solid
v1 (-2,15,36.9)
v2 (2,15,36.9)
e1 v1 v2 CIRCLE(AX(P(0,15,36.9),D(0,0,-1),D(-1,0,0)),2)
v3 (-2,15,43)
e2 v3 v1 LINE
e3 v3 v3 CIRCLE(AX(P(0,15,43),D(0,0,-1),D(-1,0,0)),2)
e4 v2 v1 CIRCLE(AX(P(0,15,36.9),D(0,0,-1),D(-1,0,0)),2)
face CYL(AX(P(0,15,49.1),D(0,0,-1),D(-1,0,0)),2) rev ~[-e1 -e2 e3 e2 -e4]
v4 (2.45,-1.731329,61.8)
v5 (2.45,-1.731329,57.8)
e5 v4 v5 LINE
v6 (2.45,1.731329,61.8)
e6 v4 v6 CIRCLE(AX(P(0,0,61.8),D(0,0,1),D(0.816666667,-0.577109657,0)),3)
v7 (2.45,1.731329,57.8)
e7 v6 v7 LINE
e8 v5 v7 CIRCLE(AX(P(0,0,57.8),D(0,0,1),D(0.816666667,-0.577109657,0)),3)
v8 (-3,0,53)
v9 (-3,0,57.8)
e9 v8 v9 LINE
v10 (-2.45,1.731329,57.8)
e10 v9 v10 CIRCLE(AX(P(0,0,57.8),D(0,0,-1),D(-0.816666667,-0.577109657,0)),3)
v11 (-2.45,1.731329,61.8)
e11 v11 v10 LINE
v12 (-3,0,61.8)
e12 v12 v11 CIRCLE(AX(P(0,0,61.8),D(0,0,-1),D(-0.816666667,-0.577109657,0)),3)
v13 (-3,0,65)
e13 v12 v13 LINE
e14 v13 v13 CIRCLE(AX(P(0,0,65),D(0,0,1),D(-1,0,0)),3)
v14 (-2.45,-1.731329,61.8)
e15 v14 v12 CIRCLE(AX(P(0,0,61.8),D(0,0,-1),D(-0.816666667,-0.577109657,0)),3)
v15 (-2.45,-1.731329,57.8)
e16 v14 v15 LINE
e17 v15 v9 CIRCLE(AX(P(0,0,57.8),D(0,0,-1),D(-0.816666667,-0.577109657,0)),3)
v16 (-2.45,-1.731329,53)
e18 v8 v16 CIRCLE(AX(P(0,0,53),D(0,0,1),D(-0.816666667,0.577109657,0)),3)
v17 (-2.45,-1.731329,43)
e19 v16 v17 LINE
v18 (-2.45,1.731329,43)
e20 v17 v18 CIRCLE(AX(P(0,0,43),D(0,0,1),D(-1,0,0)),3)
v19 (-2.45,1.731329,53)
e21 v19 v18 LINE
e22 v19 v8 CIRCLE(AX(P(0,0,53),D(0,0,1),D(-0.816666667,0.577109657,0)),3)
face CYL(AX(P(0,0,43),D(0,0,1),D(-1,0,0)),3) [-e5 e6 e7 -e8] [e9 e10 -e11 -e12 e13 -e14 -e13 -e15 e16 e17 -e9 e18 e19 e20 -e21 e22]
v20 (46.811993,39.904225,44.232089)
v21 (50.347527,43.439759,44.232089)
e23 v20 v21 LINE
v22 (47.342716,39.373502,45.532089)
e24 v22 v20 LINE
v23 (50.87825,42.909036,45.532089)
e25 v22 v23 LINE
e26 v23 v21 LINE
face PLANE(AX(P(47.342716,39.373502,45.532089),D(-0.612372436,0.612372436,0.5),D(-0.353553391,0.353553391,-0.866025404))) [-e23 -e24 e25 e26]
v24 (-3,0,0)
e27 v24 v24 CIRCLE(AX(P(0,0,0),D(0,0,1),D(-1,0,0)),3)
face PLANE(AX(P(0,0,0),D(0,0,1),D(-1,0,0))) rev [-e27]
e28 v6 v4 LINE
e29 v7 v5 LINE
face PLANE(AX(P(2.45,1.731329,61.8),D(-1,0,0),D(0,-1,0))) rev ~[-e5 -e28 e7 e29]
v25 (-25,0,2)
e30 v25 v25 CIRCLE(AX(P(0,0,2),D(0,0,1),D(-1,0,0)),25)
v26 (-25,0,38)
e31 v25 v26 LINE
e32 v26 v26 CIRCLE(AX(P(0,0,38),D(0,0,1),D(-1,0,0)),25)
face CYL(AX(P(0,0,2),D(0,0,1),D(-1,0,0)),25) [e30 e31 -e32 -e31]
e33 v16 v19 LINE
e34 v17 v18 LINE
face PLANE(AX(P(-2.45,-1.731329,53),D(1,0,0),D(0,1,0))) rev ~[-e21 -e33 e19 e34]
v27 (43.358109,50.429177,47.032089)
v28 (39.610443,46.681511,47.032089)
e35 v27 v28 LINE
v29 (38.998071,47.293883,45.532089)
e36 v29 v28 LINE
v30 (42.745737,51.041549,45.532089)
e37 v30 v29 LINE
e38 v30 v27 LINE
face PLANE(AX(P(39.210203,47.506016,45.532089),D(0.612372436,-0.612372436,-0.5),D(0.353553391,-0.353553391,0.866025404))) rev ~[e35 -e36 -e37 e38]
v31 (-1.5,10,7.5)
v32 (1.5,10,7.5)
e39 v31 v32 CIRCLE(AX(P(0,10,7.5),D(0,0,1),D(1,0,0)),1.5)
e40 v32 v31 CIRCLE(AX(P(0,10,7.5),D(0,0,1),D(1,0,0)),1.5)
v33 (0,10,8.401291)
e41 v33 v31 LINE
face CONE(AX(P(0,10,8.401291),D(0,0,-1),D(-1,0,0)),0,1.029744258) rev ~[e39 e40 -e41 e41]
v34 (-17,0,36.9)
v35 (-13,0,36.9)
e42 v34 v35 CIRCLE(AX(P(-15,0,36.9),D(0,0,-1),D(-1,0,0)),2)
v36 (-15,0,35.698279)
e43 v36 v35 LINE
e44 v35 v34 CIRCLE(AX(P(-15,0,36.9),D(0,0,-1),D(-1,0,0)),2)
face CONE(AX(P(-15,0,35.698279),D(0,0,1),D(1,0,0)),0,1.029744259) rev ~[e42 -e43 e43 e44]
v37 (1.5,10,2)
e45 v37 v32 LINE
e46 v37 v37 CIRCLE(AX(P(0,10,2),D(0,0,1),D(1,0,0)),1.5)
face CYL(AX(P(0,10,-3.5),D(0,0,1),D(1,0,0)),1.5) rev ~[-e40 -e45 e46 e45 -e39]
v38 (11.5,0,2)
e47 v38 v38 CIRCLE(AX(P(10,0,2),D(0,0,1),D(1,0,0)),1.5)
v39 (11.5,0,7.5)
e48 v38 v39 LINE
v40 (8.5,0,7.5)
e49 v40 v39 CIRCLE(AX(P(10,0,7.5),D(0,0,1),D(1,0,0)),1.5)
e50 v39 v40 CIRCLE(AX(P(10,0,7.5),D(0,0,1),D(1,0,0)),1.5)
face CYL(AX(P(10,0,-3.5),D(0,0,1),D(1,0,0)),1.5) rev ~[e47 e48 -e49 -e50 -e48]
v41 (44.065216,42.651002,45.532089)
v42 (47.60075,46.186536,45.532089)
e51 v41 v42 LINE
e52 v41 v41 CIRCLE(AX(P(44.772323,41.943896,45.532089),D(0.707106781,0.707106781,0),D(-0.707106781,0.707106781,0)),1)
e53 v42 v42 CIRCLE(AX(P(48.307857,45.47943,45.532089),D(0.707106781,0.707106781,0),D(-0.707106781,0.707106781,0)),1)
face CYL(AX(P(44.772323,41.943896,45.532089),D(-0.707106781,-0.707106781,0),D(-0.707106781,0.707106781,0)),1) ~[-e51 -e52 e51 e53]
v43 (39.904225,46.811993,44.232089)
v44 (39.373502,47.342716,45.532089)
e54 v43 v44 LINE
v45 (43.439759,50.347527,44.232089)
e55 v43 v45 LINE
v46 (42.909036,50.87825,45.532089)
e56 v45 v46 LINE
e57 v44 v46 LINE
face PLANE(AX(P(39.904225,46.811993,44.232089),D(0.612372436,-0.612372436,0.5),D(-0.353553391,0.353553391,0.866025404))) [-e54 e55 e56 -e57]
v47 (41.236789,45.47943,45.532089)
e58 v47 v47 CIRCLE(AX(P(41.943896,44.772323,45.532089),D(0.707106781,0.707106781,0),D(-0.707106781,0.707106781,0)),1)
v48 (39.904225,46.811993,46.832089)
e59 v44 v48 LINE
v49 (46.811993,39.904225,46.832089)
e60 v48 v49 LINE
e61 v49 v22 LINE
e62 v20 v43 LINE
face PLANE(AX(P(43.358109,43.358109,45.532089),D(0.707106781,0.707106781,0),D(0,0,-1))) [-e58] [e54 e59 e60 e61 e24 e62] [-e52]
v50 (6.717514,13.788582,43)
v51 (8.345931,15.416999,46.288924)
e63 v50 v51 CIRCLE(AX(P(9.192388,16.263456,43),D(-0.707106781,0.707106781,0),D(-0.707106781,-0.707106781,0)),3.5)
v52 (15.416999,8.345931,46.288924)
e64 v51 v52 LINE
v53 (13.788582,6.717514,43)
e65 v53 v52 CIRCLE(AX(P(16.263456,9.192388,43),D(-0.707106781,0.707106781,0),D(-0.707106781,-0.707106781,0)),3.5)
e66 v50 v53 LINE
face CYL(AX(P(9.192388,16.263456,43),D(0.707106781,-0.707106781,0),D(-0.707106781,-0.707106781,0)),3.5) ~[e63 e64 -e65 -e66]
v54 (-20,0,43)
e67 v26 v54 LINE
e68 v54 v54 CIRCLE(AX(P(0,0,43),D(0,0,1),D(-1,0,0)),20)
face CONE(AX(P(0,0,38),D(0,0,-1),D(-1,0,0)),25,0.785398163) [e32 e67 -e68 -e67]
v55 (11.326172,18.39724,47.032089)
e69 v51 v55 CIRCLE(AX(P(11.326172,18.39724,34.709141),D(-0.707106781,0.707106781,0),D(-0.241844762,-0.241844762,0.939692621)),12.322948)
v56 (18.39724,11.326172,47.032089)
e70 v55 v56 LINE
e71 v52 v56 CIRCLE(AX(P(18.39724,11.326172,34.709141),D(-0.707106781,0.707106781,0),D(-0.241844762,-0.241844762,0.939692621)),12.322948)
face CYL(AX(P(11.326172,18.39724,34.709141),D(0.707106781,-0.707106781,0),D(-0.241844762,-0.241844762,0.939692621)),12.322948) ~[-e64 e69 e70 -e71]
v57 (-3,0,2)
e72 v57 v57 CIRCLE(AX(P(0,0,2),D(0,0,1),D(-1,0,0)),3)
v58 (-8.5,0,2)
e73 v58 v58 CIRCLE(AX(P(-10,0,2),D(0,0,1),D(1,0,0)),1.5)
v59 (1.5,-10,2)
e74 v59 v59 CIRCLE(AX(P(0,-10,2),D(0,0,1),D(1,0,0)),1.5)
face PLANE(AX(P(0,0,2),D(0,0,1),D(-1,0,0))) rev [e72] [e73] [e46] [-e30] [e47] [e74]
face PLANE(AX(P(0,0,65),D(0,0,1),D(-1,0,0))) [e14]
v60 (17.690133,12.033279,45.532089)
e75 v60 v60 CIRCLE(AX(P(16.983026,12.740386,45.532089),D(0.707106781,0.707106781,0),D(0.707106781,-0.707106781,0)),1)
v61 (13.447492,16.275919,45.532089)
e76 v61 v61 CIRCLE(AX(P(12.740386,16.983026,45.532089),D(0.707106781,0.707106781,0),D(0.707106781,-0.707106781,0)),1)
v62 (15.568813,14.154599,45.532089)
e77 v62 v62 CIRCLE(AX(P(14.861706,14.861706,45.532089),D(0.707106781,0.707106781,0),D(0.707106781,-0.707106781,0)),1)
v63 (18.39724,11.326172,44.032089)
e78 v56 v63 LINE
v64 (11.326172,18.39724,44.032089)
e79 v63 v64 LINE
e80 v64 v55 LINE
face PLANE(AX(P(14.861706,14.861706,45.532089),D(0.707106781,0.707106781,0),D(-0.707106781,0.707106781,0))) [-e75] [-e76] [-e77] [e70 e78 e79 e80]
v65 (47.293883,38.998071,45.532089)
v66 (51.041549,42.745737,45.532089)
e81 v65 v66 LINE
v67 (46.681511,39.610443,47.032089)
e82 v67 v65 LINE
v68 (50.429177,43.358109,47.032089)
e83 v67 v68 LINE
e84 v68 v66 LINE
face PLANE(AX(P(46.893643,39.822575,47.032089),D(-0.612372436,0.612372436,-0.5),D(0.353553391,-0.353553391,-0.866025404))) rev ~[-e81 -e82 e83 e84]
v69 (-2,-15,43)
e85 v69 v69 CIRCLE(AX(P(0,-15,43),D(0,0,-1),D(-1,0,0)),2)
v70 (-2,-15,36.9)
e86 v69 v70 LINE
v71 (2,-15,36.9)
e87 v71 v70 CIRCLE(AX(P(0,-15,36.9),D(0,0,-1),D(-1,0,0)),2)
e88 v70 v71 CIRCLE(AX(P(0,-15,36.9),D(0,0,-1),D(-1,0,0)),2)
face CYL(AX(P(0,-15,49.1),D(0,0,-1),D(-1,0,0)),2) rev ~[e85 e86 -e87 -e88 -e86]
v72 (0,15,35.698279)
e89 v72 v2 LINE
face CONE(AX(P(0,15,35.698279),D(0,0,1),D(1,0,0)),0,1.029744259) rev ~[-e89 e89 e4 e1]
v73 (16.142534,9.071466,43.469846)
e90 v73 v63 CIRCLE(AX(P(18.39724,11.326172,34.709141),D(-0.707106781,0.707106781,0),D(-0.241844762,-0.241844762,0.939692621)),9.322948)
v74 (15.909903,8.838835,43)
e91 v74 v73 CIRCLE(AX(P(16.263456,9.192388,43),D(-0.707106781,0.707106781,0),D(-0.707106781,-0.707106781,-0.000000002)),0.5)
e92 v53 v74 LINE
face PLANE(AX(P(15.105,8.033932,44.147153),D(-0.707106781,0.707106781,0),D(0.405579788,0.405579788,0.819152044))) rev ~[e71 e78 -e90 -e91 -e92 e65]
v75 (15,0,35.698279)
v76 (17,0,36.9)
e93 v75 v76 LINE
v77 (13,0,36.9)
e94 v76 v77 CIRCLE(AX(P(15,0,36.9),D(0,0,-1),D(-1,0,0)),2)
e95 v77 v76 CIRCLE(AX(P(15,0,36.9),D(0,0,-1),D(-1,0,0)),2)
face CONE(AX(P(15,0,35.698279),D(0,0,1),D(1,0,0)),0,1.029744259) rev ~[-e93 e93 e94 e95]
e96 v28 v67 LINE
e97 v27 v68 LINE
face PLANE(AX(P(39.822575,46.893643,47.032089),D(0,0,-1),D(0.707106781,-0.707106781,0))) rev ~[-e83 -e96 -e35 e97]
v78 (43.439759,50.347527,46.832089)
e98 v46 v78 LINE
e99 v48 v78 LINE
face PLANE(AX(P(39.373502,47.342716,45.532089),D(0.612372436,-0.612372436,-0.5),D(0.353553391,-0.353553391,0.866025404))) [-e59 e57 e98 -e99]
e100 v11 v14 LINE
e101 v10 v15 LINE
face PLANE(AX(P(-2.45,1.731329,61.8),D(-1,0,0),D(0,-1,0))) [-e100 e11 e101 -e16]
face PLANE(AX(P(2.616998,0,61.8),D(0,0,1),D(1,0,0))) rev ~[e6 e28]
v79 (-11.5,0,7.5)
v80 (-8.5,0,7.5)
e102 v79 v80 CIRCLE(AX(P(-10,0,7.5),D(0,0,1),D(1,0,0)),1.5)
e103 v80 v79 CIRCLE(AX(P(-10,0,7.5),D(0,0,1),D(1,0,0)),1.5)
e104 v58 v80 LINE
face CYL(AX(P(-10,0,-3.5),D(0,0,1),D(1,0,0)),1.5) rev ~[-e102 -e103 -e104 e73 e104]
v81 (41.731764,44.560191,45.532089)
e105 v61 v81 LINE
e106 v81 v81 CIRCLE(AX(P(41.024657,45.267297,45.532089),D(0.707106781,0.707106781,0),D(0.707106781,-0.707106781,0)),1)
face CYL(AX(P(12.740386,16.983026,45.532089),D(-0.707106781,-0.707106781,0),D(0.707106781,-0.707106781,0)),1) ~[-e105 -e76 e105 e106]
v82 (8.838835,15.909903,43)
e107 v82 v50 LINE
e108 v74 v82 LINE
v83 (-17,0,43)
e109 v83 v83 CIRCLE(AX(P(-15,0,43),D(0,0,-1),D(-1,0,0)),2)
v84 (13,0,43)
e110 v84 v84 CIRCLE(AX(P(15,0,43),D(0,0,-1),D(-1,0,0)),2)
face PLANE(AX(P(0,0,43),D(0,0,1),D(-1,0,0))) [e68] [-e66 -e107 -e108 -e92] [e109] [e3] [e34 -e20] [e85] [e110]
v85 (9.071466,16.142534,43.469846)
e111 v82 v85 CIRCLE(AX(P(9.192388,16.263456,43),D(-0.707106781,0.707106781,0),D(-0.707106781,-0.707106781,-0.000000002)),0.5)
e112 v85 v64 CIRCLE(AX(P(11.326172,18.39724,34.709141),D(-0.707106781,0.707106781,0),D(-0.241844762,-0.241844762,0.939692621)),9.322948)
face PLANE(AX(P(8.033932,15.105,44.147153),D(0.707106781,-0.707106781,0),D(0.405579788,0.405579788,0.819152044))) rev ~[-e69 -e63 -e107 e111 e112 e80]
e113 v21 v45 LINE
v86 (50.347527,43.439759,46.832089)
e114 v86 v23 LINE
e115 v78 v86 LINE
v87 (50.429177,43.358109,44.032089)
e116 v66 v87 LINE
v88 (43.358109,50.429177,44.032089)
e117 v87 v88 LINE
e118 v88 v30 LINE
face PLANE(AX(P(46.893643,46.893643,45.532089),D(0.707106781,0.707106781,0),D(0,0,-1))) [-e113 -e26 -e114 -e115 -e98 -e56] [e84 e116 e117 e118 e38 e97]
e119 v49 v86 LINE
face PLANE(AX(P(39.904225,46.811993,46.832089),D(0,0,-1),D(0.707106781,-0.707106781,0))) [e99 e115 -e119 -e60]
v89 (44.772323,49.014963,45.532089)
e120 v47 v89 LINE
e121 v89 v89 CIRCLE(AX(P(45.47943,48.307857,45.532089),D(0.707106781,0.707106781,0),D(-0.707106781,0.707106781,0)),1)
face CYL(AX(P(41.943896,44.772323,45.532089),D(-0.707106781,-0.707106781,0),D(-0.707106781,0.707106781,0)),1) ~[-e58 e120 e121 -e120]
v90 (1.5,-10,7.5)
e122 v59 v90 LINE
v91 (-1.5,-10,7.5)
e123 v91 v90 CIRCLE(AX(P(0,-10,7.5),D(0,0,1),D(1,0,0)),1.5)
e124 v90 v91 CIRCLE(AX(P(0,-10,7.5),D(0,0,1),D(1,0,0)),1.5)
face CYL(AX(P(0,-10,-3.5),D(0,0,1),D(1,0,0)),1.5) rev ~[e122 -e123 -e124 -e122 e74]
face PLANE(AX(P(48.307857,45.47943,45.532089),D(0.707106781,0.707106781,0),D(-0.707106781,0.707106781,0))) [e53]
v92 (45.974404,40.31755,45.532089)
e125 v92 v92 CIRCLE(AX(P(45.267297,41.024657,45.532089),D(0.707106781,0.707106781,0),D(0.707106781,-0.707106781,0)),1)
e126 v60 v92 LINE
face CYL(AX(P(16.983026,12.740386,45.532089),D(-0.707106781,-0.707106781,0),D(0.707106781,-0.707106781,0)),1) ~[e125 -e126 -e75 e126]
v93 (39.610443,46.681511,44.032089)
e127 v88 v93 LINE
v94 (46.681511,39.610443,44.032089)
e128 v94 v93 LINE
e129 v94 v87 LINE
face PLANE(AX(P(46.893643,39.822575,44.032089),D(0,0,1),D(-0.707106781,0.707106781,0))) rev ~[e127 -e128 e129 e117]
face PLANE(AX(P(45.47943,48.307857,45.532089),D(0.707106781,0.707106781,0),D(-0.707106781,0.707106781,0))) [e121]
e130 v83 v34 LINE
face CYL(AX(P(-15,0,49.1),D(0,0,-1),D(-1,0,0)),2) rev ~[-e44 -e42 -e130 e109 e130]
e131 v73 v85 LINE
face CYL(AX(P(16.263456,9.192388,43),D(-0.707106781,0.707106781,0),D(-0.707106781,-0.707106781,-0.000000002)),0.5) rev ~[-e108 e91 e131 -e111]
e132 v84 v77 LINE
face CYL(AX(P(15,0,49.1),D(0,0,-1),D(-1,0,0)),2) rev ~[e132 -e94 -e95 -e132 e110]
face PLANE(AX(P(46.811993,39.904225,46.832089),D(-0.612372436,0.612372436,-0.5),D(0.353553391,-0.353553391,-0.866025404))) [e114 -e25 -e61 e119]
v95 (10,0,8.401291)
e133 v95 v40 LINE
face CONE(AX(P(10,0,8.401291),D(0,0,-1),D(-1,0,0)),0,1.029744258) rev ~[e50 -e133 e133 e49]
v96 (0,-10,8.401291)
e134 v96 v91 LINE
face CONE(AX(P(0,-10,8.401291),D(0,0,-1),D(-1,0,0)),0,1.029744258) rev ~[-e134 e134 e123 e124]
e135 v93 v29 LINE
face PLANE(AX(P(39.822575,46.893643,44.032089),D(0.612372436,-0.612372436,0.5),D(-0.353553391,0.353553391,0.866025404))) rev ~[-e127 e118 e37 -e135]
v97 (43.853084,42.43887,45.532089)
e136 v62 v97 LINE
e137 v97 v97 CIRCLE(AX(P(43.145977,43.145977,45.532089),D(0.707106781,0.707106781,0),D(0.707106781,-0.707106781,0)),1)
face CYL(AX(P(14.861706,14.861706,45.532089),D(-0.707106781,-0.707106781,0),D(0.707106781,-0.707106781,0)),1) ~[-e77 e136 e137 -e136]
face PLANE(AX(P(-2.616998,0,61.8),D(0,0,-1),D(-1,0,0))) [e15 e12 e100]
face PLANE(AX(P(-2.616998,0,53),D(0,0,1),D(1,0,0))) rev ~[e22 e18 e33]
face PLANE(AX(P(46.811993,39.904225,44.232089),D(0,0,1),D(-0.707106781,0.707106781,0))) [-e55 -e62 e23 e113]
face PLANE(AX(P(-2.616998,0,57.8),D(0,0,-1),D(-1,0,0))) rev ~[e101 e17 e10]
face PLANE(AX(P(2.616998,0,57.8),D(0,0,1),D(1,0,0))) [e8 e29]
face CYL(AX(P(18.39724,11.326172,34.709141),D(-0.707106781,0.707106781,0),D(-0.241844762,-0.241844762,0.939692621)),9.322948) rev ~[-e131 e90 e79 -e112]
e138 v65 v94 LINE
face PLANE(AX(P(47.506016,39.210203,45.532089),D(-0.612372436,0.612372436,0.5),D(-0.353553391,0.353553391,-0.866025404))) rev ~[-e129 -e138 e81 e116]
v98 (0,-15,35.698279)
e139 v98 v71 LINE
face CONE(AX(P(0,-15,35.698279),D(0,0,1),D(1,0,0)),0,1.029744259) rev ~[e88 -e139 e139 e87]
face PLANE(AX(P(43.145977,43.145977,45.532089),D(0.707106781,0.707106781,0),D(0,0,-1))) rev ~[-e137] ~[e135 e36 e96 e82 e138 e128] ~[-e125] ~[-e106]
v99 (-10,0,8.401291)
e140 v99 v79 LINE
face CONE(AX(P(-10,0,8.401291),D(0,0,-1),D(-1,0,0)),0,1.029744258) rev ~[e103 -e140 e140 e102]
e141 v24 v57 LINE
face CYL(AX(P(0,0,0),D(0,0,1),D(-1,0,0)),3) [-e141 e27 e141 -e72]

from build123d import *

# Parameters (mm, degrees)
HOLE_WIZARD_M4_1_D     = 4
HOLE_WIZARD_M4_1_DEPTH = 6.1
HOLE_WIZARD_M4_1_TIP   = 1.201721238
HOLE_WIZARD_M3_1_D     = 3
HOLE_WIZARD_M3_1_DEPTH = 5.5
HOLE_WIZARD_M3_1_TIP   = 0.901290929
SKETCH_11_R            = 1
EXTRUDE_1_DEPTH        = 40
EXTRUDE_2_DEPTH        = 0.3
SKETCH_13_R            = 1
EXTRUDE_3_DEPTH        = 5
CUT_EXTRUDE_1_DEPTH    = 4
CUT_EXTRUDE_2_DEPTH    = 10


with BuildPart() as part:
    # 草图1 → 旋转1 (revolve)
    with BuildSketch(Plane(origin=(0, 0, 0), x_dir=(0, 0, -1), z_dir=(1, 0, 0)), mode=Mode.PRIVATE) as revolve_1_sk:
        Polygon((-2, 25), (-38, 25), (-43, 20), (-43, 3), (-65, 3), (-65, 0), (0, 0), (0, 3), (-2, 3), align=None)
    revolve(revolve_1_sk.sketch.rotate(Axis((0, 0, 0), (0, 0, 1)), 90), axis=Axis((0, 0, 0), (0, 0, 1)))

    # M4 螺纹孔1
    with Locations(Plane.XY.offset(43)):
        with Locations((0, 15), (15, 0), (0, -15), (-15, 0)):
            Hole(HOLE_WIZARD_M4_1_D / 2, depth=HOLE_WIZARD_M4_1_DEPTH)
            with Locations((0, 0, -(HOLE_WIZARD_M4_1_DEPTH + HOLE_WIZARD_M4_1_TIP / 2))):  # 118° drill point
                Cone(0, HOLE_WIZARD_M4_1_D / 2, HOLE_WIZARD_M4_1_TIP, mode=Mode.SUBTRACT)

    # M3 螺纹孔1
    with Locations(Plane(origin=(0, 0, 2), x_dir=(-1, 0, 0), z_dir=(0, 0, -1))):
        with Locations((0, 10), (10, 0), (0, -10), (-10, 0)):
            Hole(HOLE_WIZARD_M3_1_D / 2, depth=HOLE_WIZARD_M3_1_DEPTH)
            with Locations((0, 0, -(HOLE_WIZARD_M3_1_DEPTH + HOLE_WIZARD_M3_1_TIP / 2))):  # 118° drill point
                Cone(0, HOLE_WIZARD_M3_1_D / 2, HOLE_WIZARD_M3_1_TIP, mode=Mode.SUBTRACT)

    # 扫描1: sweep along a path in 草图9
    with BuildLine(Plane(origin=(0, 0, 0), x_dir=(0.7071067811865477, 0.7071067811865475, 0), z_dir=(-0.7071067811865475, 0.7071067811865477, 0))) as sweep_1_path:
        ThreePointArc((16, -43), (16.361695911, -44.147152873), (17.315959713, -44.879385242))
        ThreePointArc((17.315959713, -44.879385242), (19.138240785, -45.367663983), (21.017626027, -45.532088886))
    # 草图8 → 扫描1 (sweep)
    with BuildSketch(Plane.XY.offset(43)):
        Polygon((6.717514421, 13.788582233), (13.788582233, 6.717514421), (15.909902577, 8.838834765), (8.838834765, 15.909902577), align=None)
    sweep(path=sweep_1_path.line)

    # 草图11 → 凸台-拉伸1 (add)
    with BuildSketch(Plane(origin=(14.861705888, 14.861705888, 0), x_dir=(0, 0, -1), z_dir=(0.7071067811865476, 0.7071067811865476, 0))):
        with Locations(Location((-45.532088886, 0, 0), (0, 0, 270))):
            Circle(SKETCH_11_R)
        with Locations(Location((-45.532088886, 3, 0), (0, 0, 270))):
            Circle(SKETCH_11_R)
        with Locations(Location((-45.532088886, -3, 0), (0, 0, 270))):
            Circle(SKETCH_11_R)
    extrude(amount=EXTRUDE_1_DEPTH)

    # 草图12 → 凸台-拉伸2 (add)
    with BuildSketch(Plane(origin=(43.145977136, 43.145977136, 0), x_dir=(0, 0, -1), z_dir=(0.7071067811865477, 0.7071067811865475, 0))):
        Polygon((-47.032088886, -5), (-45.532088886, -5.866025404), (-44.032088886, -5), (-44.032088886, 5), (-45.532088886, 5.866025404), (-47.032088886, 5), align=None)
    extrude(amount=EXTRUDE_2_DEPTH)

    # 草图13 → 凸台-拉伸3 (add)
    # profile 1 of 3: a face of its own
    with BuildSketch(Plane(origin=(43.35810917, 43.35810917, 0), x_dir=(0, 0, -1), z_dir=(0.7071067811865477, 0.7071067811865475, -3.269036566852065e-15))):
        Polygon((-47.032088886, 5), (-47.032088886, -5), (-45.532088886, -5.866025404), (-44.032088886, -5), (-44.032088886, 5), (-45.532088886, 5.866025404), align=None)
        Polygon((-46.832088886, 4.884529946), (-46.832088886, -4.884529946), (-45.532088886, -5.635085296), (-44.232088886, -4.884529946), (-44.232088886, 4.884529946), (-45.532088886, 5.635085296), align=None, mode=Mode.SUBTRACT)
    # profile 2 of 3: a face of its own
    with BuildSketch(Plane(origin=(43.35810917, 43.35810917, 0), x_dir=(0, 0, -1), z_dir=(0.7071067811865477, 0.7071067811865475, -3.269036566852065e-15))):
        with Locations(Location((-45.532088886, 2, 0), (0, 0, 90))):
            Circle(SKETCH_13_R)
    # profile 3 of 3: a face of its own
    with BuildSketch(Plane(origin=(43.35810917, 43.35810917, 0), x_dir=(0, 0, -1), z_dir=(0.7071067811865477, 0.7071067811865475, -3.269036566852065e-15))):
        with Locations(Location((-45.532088886, -2, 0), (0, 0, 90))):
            Circle(SKETCH_13_R)
    extrude(amount=EXTRUDE_3_DEPTH)

    # 草图14 → 切除-拉伸1 (cut)
    with BuildSketch(Plane.XY.offset(61.8)):
        with BuildLine():
            Line((-2.45, 1.731328969), (-2.45, -1.731328969))
            ThreePointArc((-2.45, -1.731328969), (-3, 0), (-2.45, 1.731328969))
        make_face()
        with BuildLine():
            Line((2.45, 1.731328969), (2.45, -1.731328969))
            ThreePointArc((2.45, -1.731328969), (3, 0), (2.45, 1.731328969))
        make_face()
    extrude(amount=-CUT_EXTRUDE_1_DEPTH, mode=Mode.SUBTRACT)

    # 草图15 → 切除-拉伸2 (cut)
    with BuildSketch(Plane.XY.offset(53)):
        with BuildLine():
            Line((-2.45, -1.731328969), (-2.45, 1.731328969))
            ThreePointArc((-2.45, 1.731328969), (-3, 0), (-2.45, -1.731328969))
        make_face()
    extrude(amount=-CUT_EXTRUDE_2_DEPTH, mode=Mode.SUBTRACT)


solid = part.part
